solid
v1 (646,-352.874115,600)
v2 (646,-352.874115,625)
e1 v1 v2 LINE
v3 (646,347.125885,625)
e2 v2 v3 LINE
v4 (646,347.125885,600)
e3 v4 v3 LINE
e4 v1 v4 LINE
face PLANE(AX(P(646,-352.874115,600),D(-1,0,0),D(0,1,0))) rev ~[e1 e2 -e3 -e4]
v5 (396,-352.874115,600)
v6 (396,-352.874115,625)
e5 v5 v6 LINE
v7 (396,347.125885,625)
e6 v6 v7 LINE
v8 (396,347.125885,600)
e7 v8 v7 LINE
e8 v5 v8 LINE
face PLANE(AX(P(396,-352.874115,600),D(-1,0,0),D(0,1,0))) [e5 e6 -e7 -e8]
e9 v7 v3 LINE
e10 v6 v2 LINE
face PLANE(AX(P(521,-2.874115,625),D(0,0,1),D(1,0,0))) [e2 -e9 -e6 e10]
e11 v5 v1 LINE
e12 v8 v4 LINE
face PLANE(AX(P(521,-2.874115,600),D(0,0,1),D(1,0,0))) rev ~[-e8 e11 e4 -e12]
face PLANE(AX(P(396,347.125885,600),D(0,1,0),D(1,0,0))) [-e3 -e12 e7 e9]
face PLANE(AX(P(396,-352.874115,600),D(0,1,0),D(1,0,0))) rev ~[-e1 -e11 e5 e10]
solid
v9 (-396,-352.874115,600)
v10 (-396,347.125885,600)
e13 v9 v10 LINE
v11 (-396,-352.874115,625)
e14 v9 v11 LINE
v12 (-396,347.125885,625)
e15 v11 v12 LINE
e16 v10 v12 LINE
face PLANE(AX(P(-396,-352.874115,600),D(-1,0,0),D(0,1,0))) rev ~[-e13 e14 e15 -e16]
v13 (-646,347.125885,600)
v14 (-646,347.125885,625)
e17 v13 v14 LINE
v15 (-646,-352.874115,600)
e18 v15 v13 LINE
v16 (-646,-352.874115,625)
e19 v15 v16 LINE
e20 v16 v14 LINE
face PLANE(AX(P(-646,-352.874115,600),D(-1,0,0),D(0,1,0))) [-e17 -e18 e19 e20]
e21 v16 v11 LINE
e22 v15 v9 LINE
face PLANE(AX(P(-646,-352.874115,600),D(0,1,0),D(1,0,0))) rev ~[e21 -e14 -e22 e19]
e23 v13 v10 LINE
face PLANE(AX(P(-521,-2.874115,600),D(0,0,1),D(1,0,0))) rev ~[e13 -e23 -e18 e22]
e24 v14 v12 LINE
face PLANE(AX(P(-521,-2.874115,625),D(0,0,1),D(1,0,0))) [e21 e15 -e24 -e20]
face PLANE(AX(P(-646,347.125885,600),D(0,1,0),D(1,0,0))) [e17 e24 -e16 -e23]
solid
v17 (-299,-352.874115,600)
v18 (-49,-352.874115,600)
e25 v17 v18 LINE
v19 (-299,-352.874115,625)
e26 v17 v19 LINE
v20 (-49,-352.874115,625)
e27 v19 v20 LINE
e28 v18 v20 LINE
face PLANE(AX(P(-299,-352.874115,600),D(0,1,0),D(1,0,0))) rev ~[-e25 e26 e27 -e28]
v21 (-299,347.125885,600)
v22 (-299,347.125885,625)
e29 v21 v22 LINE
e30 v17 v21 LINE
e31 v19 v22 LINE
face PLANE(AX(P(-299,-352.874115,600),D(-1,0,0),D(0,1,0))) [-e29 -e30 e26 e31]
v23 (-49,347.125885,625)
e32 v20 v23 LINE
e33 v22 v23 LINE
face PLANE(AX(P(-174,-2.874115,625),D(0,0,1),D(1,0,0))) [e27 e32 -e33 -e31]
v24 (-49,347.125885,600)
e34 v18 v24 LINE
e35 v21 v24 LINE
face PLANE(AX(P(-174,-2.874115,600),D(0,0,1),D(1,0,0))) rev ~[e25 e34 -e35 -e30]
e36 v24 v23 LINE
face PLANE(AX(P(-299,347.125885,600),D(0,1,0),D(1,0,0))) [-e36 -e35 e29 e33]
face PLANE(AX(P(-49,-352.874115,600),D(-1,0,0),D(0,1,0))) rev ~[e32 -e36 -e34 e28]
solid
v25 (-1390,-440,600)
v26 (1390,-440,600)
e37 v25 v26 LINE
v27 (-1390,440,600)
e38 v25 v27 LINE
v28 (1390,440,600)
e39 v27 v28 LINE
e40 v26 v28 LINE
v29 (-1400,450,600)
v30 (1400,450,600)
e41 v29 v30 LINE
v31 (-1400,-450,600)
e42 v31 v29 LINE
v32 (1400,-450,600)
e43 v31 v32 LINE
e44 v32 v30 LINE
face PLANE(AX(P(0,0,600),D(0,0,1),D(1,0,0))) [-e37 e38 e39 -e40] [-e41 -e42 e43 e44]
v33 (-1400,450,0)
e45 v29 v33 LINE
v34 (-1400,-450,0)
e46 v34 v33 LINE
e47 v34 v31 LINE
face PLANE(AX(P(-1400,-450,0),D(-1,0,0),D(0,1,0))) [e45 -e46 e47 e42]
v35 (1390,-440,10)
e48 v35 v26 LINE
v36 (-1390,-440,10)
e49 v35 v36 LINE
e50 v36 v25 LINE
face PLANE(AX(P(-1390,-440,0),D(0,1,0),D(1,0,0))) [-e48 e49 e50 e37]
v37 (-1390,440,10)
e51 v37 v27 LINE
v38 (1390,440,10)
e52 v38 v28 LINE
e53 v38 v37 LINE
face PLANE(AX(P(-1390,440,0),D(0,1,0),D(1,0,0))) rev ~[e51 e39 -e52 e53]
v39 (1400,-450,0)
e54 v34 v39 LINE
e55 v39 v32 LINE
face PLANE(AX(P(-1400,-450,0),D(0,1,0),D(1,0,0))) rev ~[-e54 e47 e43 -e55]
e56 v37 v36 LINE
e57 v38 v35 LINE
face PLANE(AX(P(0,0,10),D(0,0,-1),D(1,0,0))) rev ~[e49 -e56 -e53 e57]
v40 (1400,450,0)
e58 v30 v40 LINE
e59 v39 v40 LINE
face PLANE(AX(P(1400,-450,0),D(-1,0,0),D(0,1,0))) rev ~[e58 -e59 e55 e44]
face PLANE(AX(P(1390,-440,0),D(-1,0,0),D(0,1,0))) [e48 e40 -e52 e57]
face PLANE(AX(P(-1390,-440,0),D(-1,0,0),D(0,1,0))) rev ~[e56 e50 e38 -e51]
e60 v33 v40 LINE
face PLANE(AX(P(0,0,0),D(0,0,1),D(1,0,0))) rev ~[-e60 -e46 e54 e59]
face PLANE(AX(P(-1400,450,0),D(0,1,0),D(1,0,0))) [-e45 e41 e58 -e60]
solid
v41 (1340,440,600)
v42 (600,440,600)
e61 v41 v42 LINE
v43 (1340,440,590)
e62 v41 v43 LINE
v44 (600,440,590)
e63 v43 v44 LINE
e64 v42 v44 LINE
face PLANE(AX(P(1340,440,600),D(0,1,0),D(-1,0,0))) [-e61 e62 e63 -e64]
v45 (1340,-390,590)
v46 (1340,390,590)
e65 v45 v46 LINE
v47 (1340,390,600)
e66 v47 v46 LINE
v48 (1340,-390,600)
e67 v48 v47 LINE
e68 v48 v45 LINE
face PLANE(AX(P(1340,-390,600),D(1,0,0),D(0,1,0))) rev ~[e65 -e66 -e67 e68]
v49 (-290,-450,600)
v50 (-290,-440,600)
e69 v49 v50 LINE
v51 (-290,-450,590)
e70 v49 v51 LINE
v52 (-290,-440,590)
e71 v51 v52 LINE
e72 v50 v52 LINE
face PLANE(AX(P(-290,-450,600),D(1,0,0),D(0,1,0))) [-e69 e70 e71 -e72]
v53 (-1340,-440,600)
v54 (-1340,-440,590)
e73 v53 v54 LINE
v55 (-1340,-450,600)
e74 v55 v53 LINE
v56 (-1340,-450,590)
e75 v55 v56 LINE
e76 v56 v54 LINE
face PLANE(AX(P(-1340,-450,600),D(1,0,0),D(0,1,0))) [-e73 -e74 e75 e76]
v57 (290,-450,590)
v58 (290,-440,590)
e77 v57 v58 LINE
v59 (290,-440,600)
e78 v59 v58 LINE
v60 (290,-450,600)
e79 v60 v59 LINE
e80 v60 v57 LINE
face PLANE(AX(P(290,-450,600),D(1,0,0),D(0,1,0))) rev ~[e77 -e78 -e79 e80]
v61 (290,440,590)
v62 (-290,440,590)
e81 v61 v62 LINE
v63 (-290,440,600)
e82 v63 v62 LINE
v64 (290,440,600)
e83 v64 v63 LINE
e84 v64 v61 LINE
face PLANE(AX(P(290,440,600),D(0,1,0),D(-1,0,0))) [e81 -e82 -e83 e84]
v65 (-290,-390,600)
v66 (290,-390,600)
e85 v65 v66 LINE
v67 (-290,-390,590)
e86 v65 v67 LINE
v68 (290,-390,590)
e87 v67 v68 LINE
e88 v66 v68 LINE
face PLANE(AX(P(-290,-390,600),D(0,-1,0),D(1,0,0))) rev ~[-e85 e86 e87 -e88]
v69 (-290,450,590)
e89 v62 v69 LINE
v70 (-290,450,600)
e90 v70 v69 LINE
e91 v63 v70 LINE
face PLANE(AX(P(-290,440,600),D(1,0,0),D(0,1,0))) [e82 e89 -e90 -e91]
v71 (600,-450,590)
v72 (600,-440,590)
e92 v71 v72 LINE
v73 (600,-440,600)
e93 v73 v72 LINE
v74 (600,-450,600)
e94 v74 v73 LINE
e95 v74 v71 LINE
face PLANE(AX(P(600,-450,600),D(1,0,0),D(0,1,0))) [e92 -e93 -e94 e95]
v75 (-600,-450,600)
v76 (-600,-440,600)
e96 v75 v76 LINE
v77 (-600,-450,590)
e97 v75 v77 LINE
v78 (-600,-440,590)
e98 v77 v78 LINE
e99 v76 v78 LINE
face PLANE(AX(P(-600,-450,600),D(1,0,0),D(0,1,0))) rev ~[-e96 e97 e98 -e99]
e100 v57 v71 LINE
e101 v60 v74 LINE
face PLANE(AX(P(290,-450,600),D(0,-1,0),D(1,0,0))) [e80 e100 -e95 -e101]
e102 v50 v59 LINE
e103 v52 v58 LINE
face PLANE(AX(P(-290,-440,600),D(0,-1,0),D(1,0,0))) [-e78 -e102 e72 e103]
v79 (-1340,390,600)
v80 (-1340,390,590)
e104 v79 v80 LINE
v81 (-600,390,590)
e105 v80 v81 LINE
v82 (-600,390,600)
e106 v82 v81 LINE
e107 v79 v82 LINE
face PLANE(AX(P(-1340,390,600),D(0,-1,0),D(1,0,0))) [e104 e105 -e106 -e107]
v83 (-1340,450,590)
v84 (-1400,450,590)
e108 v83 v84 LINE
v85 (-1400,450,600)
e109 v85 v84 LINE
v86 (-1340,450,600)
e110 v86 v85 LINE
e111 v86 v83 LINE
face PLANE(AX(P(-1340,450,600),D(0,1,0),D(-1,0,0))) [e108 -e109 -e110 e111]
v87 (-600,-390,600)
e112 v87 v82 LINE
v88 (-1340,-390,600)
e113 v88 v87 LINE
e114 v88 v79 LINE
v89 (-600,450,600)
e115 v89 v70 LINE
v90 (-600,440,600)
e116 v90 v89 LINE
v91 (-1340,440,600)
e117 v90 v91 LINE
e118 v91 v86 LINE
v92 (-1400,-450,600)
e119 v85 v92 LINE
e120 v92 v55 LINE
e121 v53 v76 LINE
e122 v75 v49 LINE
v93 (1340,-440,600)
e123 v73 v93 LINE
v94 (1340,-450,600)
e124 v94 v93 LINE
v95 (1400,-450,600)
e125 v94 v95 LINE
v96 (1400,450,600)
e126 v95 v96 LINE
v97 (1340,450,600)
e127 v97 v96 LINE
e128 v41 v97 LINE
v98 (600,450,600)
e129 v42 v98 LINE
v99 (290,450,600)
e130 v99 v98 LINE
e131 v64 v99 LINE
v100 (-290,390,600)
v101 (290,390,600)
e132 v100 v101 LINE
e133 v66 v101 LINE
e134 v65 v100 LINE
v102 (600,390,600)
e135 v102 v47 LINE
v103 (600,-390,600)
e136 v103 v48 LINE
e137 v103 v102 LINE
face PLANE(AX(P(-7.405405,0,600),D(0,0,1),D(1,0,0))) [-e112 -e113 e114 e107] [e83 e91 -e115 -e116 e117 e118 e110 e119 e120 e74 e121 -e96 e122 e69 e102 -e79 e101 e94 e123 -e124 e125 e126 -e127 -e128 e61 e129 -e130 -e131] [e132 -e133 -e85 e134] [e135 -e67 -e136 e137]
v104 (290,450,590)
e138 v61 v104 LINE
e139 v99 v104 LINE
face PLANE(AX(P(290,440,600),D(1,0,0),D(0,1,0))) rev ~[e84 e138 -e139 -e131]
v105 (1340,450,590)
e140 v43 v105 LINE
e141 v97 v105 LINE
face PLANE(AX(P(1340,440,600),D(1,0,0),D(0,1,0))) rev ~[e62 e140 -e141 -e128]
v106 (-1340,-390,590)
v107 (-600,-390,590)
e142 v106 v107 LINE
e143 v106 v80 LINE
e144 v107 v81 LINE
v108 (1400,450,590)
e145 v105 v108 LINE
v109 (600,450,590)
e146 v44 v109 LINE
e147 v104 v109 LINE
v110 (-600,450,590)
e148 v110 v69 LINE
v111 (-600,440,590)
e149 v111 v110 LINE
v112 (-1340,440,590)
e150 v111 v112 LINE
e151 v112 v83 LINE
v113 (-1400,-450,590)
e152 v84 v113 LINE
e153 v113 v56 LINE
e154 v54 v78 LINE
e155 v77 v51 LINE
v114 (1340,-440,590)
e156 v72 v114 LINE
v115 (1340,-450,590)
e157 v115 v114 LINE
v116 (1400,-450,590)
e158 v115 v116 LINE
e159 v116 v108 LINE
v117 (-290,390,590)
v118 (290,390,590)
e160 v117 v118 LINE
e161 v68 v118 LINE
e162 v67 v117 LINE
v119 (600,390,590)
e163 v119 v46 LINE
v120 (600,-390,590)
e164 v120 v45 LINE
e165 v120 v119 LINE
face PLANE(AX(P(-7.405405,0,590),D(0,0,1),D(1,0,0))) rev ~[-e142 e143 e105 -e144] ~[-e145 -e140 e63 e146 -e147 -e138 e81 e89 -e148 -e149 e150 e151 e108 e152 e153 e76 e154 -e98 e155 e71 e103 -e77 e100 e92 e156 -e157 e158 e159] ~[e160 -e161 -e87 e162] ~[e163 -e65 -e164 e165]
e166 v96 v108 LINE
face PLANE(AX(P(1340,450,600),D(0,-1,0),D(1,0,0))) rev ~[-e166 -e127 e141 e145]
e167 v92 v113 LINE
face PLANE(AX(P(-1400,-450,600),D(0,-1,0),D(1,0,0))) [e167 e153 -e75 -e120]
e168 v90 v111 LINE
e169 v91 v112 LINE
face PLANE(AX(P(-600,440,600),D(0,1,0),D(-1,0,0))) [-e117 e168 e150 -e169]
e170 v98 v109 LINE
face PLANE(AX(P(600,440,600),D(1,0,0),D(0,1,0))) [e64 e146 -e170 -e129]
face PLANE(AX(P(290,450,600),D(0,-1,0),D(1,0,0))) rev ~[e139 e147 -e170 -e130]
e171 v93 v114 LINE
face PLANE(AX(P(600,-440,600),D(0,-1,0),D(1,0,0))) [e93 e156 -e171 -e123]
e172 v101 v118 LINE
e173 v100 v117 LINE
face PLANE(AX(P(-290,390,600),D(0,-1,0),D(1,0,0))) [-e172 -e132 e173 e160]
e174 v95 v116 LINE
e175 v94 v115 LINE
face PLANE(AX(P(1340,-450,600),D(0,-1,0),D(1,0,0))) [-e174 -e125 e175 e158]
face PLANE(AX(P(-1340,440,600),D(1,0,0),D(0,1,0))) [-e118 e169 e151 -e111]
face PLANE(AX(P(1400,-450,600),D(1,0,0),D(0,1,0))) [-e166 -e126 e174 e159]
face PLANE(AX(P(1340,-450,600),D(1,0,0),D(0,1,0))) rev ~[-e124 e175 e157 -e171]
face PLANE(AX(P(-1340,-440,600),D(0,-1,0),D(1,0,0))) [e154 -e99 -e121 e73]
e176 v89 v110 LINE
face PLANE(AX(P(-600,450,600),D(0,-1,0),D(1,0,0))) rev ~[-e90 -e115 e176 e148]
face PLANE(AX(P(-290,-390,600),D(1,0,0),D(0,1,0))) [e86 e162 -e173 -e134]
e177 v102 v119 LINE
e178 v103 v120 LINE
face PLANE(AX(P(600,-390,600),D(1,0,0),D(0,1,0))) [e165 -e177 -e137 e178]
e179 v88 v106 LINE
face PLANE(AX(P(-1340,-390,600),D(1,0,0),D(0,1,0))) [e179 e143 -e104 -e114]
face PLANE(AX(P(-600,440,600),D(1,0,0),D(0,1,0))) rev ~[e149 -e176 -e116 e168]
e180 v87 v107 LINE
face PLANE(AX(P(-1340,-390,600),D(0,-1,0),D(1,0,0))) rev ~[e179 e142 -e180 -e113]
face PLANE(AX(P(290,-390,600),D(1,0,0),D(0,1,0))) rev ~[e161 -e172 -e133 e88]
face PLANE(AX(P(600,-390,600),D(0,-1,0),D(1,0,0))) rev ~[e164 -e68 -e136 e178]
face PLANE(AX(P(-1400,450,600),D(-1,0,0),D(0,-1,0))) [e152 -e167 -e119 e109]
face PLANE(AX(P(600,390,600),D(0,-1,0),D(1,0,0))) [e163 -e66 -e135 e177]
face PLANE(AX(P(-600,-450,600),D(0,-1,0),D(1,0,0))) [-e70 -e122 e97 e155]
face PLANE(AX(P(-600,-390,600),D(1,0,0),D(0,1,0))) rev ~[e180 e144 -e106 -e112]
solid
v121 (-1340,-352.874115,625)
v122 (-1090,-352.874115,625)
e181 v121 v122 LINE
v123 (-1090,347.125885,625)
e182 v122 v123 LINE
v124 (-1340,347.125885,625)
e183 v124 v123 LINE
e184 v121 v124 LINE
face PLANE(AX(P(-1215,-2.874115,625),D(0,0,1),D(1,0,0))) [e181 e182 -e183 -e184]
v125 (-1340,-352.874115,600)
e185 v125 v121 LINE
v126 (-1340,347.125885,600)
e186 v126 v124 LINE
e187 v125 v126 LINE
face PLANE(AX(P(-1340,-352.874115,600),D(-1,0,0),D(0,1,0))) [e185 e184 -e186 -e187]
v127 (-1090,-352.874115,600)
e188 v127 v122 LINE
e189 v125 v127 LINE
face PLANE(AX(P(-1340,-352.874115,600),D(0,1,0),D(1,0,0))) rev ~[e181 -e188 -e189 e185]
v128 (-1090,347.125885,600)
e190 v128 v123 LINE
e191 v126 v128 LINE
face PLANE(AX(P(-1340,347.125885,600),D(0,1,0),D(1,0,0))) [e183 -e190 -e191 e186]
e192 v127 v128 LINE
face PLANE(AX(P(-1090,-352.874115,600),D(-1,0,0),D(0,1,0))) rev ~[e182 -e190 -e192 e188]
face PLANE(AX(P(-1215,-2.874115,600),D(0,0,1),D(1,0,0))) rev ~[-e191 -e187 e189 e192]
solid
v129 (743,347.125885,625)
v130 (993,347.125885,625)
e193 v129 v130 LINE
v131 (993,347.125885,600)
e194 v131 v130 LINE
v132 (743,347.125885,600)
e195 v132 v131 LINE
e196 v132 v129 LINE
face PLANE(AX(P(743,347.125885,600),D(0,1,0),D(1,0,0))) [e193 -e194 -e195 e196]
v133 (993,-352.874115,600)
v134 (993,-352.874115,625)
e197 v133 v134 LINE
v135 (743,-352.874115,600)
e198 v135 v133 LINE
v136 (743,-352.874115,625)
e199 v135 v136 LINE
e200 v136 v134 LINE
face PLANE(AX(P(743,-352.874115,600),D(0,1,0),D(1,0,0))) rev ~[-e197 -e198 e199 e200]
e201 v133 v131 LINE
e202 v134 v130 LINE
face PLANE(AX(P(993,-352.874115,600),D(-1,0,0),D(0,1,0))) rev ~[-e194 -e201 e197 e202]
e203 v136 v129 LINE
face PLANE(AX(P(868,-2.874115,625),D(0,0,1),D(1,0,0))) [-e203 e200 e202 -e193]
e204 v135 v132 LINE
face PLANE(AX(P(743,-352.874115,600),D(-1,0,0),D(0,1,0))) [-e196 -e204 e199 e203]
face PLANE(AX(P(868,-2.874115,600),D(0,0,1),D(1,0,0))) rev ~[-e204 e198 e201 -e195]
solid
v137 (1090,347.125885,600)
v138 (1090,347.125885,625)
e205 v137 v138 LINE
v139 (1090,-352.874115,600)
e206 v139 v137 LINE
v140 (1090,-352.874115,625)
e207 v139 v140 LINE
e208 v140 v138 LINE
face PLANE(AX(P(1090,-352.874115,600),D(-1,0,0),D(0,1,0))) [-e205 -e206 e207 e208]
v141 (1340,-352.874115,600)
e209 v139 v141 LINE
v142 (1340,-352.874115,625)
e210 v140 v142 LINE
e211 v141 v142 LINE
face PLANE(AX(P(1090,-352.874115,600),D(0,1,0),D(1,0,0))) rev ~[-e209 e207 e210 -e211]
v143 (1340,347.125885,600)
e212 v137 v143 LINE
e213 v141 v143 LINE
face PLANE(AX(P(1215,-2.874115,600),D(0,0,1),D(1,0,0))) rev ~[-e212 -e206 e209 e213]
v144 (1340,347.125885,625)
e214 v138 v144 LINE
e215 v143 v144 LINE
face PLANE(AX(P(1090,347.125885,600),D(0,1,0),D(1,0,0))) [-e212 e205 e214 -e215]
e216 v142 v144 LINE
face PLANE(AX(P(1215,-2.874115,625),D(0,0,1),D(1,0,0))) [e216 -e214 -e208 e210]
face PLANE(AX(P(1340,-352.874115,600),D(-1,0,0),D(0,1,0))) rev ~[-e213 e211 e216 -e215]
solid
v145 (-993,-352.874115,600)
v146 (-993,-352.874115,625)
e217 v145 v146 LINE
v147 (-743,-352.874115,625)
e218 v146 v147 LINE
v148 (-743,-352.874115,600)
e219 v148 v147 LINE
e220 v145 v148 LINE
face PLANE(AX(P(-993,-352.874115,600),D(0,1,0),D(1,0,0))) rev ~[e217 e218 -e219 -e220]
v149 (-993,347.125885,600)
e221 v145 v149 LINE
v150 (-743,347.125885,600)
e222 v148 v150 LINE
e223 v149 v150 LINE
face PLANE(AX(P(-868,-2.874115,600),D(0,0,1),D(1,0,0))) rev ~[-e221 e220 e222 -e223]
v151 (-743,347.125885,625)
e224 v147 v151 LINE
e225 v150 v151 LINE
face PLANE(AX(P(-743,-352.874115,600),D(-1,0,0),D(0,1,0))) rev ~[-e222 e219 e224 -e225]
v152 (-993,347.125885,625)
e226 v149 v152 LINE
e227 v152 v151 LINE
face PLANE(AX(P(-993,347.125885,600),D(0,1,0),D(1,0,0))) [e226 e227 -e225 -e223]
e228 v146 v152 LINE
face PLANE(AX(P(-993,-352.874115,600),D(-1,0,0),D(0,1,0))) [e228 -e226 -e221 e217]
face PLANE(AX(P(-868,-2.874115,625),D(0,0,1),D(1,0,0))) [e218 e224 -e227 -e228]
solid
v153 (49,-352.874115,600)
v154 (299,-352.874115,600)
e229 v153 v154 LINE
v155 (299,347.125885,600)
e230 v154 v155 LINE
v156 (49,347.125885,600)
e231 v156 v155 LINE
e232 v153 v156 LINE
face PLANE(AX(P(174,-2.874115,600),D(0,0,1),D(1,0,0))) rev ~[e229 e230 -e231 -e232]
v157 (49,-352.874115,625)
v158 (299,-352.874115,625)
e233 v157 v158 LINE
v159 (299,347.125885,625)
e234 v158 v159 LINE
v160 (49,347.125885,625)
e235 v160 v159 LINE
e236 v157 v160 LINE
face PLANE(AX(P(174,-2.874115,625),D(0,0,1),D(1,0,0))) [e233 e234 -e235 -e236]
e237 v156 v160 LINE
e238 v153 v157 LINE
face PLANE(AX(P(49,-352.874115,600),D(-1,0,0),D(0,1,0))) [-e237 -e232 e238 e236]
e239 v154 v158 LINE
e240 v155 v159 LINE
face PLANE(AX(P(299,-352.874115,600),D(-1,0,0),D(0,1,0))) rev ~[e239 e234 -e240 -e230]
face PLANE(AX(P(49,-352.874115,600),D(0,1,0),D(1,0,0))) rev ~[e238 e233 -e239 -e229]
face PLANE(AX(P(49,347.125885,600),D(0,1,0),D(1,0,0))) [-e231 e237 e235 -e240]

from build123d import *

# Parameters (mm, degrees)
F0_W     = 2800
F0_H     = 900
F0_W_2   = 2780
F0_H_2   = 880
F1_DEPTH = 600
F2_W     = 2800
F2_H     = 900
F3_DEPTH = 10
F4_W     = 740
F4_H     = 780
F4_W_2   = 580
F4_W_3   = 310
F4_H_2   = 10
F4_W_4   = 60
F5_DEPTH = 10
F6_W     = 250
F6_H     = 700
F7_DEPTH = 25


with BuildPart() as f1:
    # F0 (on Top) → F1 (new body)
    with BuildSketch(Plane.XY):
        Rectangle(F0_W, F0_H)
        Rectangle(F0_W_2, F0_H_2, mode=Mode.SUBTRACT)
    extrude(amount=F1_DEPTH)

    # F2 (on face) → F3 (join)
    with BuildSketch(Plane(origin=(0, 0, 0), x_dir=(1, 0, 0), z_dir=(0, 0, -1))):
        Rectangle(F2_W, F2_H)
    extrude(amount=-F3_DEPTH)


with BuildPart() as f5:
    # F4 (on face) → F5 (new body)
    with BuildSketch(Plane.XY.offset(600)):
        Polygon((-1400, 450), (-1400, -450), (-1340, -450), (-1340, -440), (-600, -440), (-290, -440), (290, -440), (600, -440), (1340, -440), (1400, -440), (1400, -390), (1400, 390), (1400, 440), (1340, 440), (600, 440), (290, 440), (-290, 440), (-600, 440), (-1340, 440), (-1340, 450), align=None)
        with Locations((-970, 0)):
            Rectangle(F4_W, F4_H, mode=Mode.SUBTRACT)
        Rectangle(F4_W_2, F4_H, mode=Mode.SUBTRACT)
        with Locations((970, 0)):
            Rectangle(F4_W, F4_H, mode=Mode.SUBTRACT)
        with Locations((-445, -445)):
            Rectangle(F4_W_3, F4_H_2)
        with Locations((-445, 445)):
            Rectangle(F4_W_3, F4_H_2)
        with Locations((445, -445)):
            Rectangle(F4_W_3, F4_H_2)
        with Locations((445, 445)):
            Rectangle(F4_W_3, F4_H_2)
        with Locations((1370, -445)):
            Rectangle(F4_W_4, F4_H_2)
        with Locations((1370, 445)):
            Rectangle(F4_W_4, F4_H_2)
    extrude(amount=-F5_DEPTH)


with BuildPart() as f7:
    # F6 (on face) → F7 (new body)
    with BuildSketch(Plane.XY.offset(600)):
        with Locations((-1215, -2.874115)):
            Rectangle(F6_W, F6_H)
        with Locations((-868, -2.874115)):
            Rectangle(F6_W, F6_H)
        with Locations((-521, -2.874115)):
            Rectangle(F6_W, F6_H)
        with Locations((-174, -2.874115)):
            Rectangle(F6_W, F6_H)
        with Locations((174, -2.874115)):
            Rectangle(F6_W, F6_H)
        with Locations((868, -2.874115)):
            Rectangle(F6_W, F6_H)
        with Locations((521, -2.874115)):
            Rectangle(F6_W, F6_H)
        with Locations((1215, -2.874115)):
            Rectangle(F6_W, F6_H)
    extrude(amount=F7_DEPTH)


solid = Compound([f1.part, f5.part, f7.part])
